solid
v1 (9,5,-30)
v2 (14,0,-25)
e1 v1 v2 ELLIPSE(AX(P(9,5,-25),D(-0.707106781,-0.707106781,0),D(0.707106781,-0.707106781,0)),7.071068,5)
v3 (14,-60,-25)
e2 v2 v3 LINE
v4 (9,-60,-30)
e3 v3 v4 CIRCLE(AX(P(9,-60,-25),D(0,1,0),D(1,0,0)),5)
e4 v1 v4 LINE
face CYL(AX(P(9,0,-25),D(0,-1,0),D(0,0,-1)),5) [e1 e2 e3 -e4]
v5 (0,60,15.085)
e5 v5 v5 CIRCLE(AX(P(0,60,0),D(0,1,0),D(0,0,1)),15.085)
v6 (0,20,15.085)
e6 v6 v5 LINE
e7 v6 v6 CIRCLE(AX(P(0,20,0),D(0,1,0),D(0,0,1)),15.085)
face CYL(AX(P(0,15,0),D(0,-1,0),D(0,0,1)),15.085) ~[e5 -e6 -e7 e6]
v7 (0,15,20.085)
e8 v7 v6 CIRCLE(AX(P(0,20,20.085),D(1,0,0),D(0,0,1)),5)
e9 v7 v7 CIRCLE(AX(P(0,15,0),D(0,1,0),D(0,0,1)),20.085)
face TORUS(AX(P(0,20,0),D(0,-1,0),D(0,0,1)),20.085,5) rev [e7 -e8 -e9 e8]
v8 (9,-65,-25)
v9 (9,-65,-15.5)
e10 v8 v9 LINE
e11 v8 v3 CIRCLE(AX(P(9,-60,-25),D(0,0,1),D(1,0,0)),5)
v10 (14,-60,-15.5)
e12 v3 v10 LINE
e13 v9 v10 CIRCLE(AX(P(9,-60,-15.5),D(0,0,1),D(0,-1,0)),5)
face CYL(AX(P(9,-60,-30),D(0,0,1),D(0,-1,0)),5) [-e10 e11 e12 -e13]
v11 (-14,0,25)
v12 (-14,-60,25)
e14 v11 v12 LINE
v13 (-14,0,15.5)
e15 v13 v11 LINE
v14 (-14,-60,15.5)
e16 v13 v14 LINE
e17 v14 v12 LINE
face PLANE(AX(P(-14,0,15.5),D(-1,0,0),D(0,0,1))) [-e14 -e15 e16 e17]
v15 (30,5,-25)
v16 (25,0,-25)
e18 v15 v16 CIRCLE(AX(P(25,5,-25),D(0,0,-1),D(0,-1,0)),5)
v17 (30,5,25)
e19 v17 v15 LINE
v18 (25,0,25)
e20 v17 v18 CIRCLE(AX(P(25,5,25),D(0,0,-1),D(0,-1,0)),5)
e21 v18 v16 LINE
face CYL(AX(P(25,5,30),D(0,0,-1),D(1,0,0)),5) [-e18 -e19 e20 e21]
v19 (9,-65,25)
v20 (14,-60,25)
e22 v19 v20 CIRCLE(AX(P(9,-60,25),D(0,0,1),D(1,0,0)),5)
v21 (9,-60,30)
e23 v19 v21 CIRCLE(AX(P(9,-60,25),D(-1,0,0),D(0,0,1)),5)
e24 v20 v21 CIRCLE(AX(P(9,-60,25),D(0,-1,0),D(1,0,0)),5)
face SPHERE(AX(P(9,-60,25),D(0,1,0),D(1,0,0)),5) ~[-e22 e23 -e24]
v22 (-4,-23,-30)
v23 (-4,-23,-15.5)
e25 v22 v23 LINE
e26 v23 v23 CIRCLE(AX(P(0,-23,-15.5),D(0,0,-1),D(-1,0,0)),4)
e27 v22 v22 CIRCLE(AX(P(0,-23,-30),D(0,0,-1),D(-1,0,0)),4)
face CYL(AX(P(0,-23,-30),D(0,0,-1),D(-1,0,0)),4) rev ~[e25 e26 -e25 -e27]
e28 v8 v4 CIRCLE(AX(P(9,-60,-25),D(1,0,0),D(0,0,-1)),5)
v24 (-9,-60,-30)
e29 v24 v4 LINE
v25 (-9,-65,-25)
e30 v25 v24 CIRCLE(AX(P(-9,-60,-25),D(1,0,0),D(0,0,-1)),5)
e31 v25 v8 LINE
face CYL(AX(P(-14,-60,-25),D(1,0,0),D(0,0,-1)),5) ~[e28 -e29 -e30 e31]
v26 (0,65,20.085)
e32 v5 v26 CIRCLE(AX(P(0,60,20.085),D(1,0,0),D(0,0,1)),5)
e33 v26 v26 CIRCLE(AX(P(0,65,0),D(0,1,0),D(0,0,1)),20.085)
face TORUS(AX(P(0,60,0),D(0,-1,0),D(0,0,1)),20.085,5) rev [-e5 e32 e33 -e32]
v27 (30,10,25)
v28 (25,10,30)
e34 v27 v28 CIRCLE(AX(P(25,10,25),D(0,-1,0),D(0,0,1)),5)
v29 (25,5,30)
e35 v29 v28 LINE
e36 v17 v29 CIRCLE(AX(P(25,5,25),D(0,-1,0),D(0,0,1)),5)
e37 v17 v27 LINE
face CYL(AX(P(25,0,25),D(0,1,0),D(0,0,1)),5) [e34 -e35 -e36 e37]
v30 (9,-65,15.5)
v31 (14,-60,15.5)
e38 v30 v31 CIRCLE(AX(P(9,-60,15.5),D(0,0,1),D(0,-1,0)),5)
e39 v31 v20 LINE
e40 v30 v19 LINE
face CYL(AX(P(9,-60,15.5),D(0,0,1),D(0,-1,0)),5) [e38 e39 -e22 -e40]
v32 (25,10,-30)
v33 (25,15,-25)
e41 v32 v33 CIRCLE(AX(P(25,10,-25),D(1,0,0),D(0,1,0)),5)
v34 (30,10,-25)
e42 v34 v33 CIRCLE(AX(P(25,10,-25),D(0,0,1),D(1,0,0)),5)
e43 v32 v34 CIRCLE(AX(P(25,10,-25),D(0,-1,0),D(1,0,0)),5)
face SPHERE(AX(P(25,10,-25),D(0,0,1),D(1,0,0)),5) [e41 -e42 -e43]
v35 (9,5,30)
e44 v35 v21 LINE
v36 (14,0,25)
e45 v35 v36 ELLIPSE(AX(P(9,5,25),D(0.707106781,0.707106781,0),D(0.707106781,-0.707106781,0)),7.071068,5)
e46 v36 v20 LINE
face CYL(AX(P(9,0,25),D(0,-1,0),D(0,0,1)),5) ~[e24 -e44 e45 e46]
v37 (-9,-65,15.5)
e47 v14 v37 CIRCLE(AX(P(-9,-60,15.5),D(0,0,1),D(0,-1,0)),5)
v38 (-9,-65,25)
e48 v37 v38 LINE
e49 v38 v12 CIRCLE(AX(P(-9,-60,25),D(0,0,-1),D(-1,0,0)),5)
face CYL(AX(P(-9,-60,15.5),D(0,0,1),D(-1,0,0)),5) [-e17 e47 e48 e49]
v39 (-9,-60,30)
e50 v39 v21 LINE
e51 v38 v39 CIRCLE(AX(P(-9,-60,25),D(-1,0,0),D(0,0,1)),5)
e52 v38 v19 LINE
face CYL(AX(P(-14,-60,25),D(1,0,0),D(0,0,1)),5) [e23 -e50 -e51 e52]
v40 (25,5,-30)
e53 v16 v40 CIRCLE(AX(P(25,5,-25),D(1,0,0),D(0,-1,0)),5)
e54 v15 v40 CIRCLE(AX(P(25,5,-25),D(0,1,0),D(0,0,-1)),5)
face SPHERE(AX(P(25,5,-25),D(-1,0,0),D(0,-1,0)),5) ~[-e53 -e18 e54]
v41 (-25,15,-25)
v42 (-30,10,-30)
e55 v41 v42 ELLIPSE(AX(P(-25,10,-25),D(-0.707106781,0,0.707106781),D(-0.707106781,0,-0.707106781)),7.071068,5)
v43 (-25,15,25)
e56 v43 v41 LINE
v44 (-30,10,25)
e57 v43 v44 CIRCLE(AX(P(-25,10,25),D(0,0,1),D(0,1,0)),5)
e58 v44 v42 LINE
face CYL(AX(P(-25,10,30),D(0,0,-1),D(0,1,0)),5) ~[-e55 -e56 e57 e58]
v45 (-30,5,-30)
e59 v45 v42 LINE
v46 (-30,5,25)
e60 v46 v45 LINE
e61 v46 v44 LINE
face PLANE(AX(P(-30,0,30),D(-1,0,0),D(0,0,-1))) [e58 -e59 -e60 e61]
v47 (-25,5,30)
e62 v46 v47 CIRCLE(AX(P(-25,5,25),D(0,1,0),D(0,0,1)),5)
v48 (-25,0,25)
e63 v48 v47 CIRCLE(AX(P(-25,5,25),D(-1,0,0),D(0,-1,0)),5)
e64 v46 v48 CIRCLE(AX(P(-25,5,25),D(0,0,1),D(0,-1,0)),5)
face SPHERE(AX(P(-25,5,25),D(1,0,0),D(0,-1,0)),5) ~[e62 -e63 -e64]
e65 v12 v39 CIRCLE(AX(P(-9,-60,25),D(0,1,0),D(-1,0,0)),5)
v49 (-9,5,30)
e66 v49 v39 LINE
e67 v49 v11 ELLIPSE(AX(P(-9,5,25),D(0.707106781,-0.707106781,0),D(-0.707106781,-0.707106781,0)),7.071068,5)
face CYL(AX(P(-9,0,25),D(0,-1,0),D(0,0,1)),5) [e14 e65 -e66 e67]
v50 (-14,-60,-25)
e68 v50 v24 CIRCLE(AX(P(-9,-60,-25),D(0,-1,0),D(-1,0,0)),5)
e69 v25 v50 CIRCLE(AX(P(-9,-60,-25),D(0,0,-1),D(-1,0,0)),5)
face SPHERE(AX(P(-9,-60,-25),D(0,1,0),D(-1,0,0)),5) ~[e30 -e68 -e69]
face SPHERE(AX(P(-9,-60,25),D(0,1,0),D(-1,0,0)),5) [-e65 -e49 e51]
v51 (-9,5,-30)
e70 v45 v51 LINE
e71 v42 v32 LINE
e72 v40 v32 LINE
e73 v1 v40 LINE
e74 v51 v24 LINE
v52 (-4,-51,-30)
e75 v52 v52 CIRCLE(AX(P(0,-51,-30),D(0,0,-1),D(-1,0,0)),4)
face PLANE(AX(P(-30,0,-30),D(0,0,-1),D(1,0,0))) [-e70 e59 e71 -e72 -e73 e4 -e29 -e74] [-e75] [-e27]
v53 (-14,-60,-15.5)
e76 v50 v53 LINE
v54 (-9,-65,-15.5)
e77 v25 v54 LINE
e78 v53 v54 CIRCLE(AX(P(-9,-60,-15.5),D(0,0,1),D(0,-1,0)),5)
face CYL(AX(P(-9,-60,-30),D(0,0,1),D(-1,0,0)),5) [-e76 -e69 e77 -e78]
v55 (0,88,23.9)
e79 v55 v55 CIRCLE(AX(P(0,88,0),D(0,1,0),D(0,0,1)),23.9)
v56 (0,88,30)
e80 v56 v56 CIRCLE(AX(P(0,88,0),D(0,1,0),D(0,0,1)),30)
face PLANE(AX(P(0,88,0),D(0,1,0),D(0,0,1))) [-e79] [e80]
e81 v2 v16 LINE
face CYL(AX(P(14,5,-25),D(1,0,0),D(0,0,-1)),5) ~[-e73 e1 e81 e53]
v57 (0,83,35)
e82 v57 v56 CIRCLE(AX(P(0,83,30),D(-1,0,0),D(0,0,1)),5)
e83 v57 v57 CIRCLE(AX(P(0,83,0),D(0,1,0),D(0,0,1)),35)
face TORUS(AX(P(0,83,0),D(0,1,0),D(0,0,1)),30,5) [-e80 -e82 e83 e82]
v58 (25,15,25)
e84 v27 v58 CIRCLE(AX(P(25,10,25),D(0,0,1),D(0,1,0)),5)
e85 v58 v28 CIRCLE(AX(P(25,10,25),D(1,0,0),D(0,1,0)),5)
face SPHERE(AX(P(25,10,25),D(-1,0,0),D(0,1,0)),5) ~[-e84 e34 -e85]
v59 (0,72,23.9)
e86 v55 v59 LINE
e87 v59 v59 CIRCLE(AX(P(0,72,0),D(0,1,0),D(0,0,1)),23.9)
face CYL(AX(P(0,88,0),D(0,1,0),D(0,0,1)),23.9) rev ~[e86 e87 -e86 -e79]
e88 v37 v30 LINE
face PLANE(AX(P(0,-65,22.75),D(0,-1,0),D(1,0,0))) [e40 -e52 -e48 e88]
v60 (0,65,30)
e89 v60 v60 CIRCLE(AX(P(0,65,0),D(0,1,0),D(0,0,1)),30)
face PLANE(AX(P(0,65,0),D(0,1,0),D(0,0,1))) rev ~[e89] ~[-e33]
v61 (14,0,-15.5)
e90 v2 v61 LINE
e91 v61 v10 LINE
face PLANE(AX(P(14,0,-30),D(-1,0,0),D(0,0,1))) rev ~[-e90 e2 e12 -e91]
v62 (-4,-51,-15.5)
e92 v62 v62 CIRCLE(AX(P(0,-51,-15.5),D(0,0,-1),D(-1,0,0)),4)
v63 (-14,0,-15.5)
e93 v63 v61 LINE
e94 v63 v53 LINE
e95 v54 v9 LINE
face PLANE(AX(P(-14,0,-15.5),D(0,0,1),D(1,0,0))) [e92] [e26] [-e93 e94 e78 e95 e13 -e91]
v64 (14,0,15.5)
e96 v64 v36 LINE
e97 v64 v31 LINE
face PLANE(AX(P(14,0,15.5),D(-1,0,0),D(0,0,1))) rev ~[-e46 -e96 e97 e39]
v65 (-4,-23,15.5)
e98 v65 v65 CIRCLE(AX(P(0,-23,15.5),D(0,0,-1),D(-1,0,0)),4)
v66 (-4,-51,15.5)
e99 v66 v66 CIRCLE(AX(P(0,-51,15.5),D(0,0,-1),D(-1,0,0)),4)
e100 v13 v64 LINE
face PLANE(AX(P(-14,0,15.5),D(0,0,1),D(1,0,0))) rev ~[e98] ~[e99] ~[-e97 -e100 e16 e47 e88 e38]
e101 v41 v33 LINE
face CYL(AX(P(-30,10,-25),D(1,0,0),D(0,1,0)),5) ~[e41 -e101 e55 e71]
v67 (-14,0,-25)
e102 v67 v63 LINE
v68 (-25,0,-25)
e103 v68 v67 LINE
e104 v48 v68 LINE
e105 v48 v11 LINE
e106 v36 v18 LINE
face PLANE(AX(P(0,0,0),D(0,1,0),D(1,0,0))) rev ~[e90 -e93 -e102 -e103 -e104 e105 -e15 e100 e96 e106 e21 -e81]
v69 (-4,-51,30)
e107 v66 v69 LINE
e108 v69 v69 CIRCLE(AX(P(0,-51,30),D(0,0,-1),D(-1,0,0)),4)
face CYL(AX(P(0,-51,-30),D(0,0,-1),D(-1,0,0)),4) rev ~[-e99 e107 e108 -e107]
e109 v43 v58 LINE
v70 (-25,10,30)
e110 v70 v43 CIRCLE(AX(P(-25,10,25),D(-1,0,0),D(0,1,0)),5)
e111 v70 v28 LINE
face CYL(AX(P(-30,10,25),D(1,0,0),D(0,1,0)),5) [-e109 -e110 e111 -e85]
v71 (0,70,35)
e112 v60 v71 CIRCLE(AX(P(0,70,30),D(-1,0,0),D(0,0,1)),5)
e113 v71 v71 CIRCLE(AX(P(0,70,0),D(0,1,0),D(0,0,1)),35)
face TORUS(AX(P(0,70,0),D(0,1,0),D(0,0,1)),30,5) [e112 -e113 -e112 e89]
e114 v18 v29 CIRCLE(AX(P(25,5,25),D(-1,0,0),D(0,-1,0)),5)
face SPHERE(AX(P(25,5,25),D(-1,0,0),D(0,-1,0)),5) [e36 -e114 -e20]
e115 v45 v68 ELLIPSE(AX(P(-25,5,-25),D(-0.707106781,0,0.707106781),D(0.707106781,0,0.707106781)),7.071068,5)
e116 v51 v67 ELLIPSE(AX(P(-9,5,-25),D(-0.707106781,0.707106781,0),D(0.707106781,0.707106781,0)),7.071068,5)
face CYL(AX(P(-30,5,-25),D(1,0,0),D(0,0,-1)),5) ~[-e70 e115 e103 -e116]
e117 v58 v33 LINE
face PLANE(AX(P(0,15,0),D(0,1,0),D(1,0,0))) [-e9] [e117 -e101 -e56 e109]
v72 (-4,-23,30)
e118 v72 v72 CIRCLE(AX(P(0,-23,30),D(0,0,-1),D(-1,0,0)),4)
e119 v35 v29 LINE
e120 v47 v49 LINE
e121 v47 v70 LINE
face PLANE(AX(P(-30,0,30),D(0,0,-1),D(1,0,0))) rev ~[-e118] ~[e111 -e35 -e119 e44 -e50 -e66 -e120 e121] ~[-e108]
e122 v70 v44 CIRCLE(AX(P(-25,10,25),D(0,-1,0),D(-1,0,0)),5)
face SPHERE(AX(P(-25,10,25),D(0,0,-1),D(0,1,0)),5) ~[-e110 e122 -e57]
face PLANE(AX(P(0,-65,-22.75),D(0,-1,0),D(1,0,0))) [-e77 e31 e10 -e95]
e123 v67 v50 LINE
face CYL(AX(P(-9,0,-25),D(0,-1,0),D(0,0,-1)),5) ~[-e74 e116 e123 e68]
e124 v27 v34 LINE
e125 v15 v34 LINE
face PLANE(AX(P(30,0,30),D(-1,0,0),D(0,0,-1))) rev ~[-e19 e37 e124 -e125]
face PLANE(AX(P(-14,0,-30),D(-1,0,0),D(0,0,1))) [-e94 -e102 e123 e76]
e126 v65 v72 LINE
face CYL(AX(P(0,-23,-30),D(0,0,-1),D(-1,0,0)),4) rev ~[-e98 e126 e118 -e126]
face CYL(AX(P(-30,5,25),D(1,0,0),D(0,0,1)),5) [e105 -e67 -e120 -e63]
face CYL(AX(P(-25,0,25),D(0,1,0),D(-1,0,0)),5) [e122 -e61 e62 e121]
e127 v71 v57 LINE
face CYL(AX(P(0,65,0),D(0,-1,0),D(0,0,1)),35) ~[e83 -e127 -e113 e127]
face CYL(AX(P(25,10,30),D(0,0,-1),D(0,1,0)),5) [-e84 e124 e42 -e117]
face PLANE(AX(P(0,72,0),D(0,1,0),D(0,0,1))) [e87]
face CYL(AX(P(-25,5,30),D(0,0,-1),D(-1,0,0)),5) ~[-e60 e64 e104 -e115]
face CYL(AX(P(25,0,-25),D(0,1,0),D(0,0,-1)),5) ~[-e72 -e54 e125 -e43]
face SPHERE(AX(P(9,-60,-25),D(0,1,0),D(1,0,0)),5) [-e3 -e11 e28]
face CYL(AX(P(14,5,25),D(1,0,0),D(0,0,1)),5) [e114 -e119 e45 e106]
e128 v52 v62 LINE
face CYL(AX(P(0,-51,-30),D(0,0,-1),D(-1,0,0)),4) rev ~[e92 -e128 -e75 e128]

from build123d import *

# Parameters (mm, degrees)
SKETCH2_W           = 60
SKETCH2_H           = 60
BOSS_EXTRUDE1_DEPTH = 15
SKETCH3_R           = 15.085
BOSS_EXTRUDE2_DEPTH = 50
SKETCH4_R           = 35
BOSS_EXTRUDE3_DEPTH = 23
SKETCH5_R           = 23.9
CUT_EXTRUDE1_DEPTH  = 16
SKETCH8_W           = 28
SKETCH8_H           = 14.5
BOSS_EXTRUDE4_DEPTH = 65
SKETCH9_R           = 4
CUT_EXTRUDE2_DEPTH  = 65
FILLET1_R           = 5
FILLET2_R           = 5


with BuildPart() as part:
    # Sketch2 → Boss-Extrude1 (new body)
    with BuildSketch(Plane(origin=(0, 0, 0), x_dir=(1, 0, 0), z_dir=(0, 1, 0))):
        Rectangle(SKETCH2_W, SKETCH2_H)
    extrude(amount=BOSS_EXTRUDE1_DEPTH)

    # Sketch3 → Boss-Extrude2 (add)
    with BuildSketch(Plane(origin=(0, 15, 0), x_dir=(1, 0, 0), z_dir=(0, 1, 0))):
        with Locations(Location((0, 0, 0), (0, 0, 270))):
            Circle(SKETCH3_R)
    extrude(amount=BOSS_EXTRUDE2_DEPTH)

    # Sketch4 → Boss-Extrude3 (add)
    with BuildSketch(Plane(origin=(0, 65, 0), x_dir=(1, 0, 0), z_dir=(0, 1, 0))):
        with Locations(Location((0, 0, 0), (0, 0, 270))):
            Circle(SKETCH4_R)
    extrude(amount=BOSS_EXTRUDE3_DEPTH)

    # Sketch5 → Cut-Extrude1 (cut)
    with BuildSketch(Plane(origin=(0, 88, 0), x_dir=(1, 0, 0), z_dir=(0, 1, 0))):
        with Locations(Location((0, 0, 0), (0, 0, 270))):
            Circle(SKETCH5_R)
    extrude(amount=-CUT_EXTRUDE1_DEPTH, mode=Mode.SUBTRACT)

    # Sketch8 → Boss-Extrude4 (add)
    with BuildSketch(Plane.XZ):
        with Locations((0, -22.75)):
            Rectangle(SKETCH8_W, SKETCH8_H)
        with Locations((0, 22.75)):
            Rectangle(SKETCH8_W, SKETCH8_H)
    extrude(amount=BOSS_EXTRUDE4_DEPTH)

    # Sketch9 → Cut-Extrude2 (cut)
    with BuildSketch(Plane(origin=(0, 0, -30), x_dir=(-1, 0, 0), z_dir=(0, 0, -1))):
        with Locations((0, -51)):
            Circle(SKETCH9_R)
        with Locations((0, -23)):
            Circle(SKETCH9_R)
    extrude(amount=-CUT_EXTRUDE2_DEPTH, mode=Mode.SUBTRACT)

    # Fillet1
    fillet1_edges = [part.edges().sort_by_distance(p)[0] for p in [
        (-30, 15, 0),
        (0, 15, 30),
        (22, 0, 30),
        (-22, 0, -30),
        (14, -32.5, -30),
        (-14, -32.5, -30),
        (14, -65, -22.75),
        (-14, -65, -22.75),
        (0, -65, -30),
        (-14, -32.5, 30),
        (14, -32.5, 30),
        (-14, -65, 22.75),
        (14, -65, 22.75),
        (0, -65, 30),
        (30, 15, 0),
        (-22, 0, 30),
        (-30, 0, 0),
        (22, 0, -30),
        (30, 0, 0),
        (30, 7.5, 30),
        (-30, 7.5, 30),
        (30, 7.5, -30),
        (0, 15, -30),
    ]]
    fillet(fillet1_edges, radius=FILLET1_R)

    # Fillet2
    fillet2_edges = [part.edges().sort_by_distance(p)[0] for p in [
        (0, 15, -15.085),
        (0, 65, -15.085),
        (0, 65, -35),
        (0, 88, -35),
    ]]
    fillet(fillet2_edges, radius=FILLET2_R)


solid = part.part
